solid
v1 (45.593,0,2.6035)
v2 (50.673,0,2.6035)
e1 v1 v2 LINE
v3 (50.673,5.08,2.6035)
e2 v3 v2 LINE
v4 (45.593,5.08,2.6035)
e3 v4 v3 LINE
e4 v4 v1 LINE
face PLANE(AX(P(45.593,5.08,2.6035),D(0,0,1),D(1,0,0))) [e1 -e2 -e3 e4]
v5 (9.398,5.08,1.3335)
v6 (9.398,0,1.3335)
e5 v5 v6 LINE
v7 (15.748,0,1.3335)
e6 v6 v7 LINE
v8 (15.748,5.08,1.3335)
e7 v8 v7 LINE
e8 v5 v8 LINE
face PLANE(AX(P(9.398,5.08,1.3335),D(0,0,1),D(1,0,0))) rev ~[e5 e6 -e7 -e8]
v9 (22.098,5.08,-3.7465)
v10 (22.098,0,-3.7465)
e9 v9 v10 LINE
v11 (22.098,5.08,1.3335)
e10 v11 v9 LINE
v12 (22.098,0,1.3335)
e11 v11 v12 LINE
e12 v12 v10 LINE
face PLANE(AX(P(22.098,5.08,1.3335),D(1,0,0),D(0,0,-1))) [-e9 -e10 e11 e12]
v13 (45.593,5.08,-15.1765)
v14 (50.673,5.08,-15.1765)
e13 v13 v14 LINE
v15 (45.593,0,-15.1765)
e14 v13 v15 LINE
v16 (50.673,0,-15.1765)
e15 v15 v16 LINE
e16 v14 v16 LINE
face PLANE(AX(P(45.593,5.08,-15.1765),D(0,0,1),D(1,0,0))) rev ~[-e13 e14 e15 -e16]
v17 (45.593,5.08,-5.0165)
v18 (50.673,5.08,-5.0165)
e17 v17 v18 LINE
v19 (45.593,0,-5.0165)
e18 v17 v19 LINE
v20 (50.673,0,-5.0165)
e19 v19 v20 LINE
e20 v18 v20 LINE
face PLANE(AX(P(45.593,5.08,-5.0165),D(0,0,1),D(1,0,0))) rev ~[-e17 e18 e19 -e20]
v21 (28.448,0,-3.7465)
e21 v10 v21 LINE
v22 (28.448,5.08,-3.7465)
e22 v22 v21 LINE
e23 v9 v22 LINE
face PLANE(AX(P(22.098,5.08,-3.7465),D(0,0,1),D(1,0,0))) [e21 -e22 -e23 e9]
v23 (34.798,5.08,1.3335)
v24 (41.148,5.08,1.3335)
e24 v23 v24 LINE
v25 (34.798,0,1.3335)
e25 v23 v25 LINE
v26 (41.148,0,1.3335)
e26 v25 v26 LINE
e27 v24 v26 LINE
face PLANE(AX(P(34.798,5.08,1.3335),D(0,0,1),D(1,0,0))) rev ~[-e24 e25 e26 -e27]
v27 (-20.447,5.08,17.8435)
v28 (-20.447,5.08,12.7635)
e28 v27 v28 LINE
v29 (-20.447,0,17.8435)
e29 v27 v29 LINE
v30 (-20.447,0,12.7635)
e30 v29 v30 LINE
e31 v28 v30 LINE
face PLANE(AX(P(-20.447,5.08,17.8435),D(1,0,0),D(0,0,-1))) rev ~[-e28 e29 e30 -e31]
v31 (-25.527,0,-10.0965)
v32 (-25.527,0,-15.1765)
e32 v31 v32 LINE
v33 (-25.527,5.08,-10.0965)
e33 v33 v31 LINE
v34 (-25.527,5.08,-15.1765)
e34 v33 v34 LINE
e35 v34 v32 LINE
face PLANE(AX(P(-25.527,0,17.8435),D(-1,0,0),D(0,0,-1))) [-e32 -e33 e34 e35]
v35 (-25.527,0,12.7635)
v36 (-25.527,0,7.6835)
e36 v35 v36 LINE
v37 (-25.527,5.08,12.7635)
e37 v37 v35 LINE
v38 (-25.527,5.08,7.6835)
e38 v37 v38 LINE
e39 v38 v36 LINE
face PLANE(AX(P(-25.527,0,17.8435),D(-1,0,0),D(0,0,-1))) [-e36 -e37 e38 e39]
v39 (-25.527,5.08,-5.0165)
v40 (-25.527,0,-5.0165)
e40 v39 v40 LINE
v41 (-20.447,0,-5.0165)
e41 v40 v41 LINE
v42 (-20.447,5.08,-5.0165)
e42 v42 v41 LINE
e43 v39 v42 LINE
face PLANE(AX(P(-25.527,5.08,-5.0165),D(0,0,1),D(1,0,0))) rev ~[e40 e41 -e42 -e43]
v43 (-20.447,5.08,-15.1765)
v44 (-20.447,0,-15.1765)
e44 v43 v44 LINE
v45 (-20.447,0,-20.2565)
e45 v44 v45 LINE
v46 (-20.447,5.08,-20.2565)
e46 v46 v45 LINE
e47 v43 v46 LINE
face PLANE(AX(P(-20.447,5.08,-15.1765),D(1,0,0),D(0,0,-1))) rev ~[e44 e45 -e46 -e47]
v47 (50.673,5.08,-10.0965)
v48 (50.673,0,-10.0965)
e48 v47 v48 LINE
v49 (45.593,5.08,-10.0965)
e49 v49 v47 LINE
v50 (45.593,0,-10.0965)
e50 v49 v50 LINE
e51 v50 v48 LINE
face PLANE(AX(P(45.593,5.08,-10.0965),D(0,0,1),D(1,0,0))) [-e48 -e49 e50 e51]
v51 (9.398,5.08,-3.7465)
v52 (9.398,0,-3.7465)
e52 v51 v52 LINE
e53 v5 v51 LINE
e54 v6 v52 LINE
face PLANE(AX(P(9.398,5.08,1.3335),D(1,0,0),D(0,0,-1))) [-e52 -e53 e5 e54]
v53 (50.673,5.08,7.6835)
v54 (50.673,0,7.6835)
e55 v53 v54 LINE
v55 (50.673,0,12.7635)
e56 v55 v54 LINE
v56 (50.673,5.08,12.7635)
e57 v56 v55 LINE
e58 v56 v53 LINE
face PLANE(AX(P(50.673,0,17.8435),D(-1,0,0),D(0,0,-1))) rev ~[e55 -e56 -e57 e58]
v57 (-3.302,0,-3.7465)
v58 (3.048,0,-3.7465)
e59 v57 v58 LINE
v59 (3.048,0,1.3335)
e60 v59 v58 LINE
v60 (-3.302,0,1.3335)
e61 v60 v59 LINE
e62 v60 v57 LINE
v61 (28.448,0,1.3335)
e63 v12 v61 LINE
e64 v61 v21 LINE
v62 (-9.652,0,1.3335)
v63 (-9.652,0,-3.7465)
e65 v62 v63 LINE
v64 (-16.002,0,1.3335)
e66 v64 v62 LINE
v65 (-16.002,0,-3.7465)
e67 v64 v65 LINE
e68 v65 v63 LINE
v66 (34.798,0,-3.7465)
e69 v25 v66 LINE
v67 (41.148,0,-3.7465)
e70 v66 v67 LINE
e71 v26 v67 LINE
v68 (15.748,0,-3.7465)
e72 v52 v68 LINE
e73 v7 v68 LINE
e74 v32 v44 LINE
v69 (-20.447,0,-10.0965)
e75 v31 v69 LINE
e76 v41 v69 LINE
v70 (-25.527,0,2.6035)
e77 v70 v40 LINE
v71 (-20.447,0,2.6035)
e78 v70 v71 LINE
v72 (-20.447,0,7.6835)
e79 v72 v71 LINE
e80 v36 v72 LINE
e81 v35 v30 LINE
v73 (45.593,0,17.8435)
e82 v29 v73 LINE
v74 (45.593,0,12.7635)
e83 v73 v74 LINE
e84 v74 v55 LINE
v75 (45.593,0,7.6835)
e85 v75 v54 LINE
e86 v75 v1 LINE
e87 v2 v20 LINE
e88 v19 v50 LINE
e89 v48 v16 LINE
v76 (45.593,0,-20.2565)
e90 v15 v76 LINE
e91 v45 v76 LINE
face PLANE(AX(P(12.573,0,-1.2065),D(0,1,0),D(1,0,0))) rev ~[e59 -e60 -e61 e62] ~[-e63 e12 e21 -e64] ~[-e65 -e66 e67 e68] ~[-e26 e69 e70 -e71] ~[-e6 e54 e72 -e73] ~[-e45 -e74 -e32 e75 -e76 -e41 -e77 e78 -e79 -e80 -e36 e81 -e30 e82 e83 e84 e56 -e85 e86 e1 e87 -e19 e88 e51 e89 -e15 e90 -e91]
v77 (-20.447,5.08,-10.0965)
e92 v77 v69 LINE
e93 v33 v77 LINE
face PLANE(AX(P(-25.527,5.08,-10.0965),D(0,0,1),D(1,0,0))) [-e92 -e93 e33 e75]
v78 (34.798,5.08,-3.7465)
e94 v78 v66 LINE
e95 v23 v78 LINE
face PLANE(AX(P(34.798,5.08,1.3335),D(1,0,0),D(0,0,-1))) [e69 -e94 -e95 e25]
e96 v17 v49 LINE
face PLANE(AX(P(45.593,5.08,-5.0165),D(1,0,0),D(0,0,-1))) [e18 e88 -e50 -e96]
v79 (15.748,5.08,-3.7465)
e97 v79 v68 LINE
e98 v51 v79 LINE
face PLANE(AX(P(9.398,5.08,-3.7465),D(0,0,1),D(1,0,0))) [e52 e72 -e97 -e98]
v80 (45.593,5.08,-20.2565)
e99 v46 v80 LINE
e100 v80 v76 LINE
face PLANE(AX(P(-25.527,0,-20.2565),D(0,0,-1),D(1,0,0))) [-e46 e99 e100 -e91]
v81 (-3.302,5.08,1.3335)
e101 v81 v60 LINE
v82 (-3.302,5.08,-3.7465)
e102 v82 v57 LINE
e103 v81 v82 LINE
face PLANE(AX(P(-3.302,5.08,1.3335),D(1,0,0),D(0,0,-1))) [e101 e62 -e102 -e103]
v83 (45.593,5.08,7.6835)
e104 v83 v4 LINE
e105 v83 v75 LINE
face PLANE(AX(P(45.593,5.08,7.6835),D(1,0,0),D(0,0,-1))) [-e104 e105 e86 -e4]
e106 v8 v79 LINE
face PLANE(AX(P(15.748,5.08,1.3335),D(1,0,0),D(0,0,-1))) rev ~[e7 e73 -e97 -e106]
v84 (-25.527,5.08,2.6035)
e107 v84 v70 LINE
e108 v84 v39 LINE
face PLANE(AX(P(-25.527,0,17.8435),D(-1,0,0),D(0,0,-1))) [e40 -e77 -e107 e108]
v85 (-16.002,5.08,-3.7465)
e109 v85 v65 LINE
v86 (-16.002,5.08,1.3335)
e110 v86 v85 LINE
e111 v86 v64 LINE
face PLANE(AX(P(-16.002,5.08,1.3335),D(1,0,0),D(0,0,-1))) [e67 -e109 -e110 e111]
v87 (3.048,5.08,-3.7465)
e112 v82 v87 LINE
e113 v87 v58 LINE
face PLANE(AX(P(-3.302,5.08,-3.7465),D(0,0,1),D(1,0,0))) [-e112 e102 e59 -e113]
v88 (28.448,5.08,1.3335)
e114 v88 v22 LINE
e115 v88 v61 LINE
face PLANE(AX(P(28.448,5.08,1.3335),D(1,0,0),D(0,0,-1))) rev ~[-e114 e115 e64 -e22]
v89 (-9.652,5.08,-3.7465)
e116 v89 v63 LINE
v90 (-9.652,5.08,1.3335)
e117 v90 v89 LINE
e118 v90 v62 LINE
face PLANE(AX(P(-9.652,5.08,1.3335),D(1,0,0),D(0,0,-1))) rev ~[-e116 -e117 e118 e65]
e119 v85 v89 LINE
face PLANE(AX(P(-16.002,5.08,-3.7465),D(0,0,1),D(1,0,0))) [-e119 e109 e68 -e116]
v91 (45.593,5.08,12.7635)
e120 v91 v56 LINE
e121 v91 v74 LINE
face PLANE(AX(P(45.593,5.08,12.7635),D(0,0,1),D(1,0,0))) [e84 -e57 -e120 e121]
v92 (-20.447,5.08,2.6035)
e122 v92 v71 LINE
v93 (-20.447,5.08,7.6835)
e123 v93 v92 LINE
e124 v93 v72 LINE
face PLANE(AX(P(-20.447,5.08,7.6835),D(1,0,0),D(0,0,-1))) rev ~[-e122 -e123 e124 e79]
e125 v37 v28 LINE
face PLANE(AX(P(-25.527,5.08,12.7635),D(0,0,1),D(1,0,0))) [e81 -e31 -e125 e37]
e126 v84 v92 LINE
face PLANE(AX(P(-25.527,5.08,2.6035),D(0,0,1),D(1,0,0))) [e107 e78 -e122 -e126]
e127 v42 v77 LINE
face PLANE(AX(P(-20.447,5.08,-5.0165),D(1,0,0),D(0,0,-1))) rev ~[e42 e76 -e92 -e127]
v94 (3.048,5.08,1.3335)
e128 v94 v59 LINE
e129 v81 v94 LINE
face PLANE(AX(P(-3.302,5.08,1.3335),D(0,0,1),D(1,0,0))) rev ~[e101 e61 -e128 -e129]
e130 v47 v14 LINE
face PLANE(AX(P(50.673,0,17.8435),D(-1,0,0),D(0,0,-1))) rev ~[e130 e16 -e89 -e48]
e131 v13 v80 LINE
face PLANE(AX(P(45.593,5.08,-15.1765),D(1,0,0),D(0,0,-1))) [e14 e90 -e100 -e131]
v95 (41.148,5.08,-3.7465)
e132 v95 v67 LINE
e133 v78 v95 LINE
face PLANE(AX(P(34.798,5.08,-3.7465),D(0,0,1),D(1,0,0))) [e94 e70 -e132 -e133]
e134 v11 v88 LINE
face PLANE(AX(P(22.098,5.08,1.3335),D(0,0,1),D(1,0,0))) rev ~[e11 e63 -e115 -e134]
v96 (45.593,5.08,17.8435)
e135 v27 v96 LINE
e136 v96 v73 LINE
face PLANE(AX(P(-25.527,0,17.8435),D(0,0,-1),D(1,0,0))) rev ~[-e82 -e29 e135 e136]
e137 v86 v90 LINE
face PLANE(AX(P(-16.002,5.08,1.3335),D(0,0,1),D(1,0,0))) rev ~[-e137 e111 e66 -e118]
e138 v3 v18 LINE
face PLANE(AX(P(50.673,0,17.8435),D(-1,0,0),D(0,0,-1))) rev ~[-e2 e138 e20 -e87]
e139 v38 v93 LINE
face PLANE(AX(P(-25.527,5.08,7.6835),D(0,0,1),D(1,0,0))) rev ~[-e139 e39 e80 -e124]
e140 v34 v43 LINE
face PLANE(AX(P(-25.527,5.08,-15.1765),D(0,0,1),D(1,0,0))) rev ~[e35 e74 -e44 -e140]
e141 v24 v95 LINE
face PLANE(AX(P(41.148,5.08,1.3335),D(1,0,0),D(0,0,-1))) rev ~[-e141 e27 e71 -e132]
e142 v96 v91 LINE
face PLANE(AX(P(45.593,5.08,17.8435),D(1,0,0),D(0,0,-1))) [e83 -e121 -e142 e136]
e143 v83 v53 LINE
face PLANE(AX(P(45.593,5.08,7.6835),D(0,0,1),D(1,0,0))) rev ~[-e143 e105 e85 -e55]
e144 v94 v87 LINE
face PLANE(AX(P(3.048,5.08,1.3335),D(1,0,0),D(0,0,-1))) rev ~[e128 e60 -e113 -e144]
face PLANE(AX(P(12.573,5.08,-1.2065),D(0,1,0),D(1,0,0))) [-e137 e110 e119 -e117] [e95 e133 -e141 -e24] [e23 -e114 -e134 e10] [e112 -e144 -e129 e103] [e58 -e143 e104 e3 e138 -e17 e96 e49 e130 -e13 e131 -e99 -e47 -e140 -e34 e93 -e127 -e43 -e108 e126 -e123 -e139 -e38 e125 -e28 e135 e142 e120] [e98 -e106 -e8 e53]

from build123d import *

# Parameters (mm, degrees)
SKETCH1_W           = 76.2
SKETCH1_H           = 38.1
BOSS_EXTRUDE1_DEPTH = 5.08
SKETCH2_W           = 5.08
SKETCH2_H           = 5.08
CUT_EXTRUDE1_DEPTH  = 5.08
SKETCH3_W           = 6.35
SKETCH3_H           = 5.08
CUT_EXTRUDE2_DEPTH  = 5.08


with BuildPart() as part:
    # Sketch1 → Boss-Extrude1 (new body)
    with BuildSketch(Plane(origin=(0, 0, 0), x_dir=(1, 0, 0), z_dir=(0, 1, 0))):
        with Locations((12.573, 1.2065)):
            Rectangle(SKETCH1_W, SKETCH1_H)
    extrude(amount=BOSS_EXTRUDE1_DEPTH)

    # Sketch2 → Cut-Extrude1 (cut)
    with BuildSketch(Plane(origin=(0, 5.08, 0), x_dir=(1, 0, 0), z_dir=(0, 1, 0))):
        with Locations((-22.987, -5.1435)):
            Rectangle(SKETCH2_W, SKETCH2_H)
        with Locations((48.133, 17.7165)):
            Rectangle(SKETCH2_W, SKETCH2_H)
        with Locations((48.133, 7.5565)):
            Rectangle(SKETCH2_W, SKETCH2_H)
        with Locations((48.133, -15.3035)):
            Rectangle(SKETCH2_W, SKETCH2_H)
        with Locations((48.133, -5.1435)):
            Rectangle(SKETCH2_W, SKETCH2_H)
        with Locations((-22.987, -15.3035)):
            Rectangle(SKETCH2_W, SKETCH2_H)
        with Locations((-22.987, 7.5565)):
            Rectangle(SKETCH2_W, SKETCH2_H)
        with Locations((-22.987, 17.7165)):
            Rectangle(SKETCH2_W, SKETCH2_H)
    extrude(amount=-CUT_EXTRUDE1_DEPTH, mode=Mode.SUBTRACT)

    # Sketch3 → Cut-Extrude2 (cut)
    with BuildSketch(Plane(origin=(0, 5.08, 0), x_dir=(1, 0, 0), z_dir=(0, 1, 0))):
        with Locations((-12.827, 1.2065)):
            Rectangle(SKETCH3_W, SKETCH3_H)
        with Locations((12.573, 1.2065)):
            Rectangle(SKETCH3_W, SKETCH3_H)
        with Locations((25.273, 1.2065)):
            Rectangle(SKETCH3_W, SKETCH3_H)
        with Locations((37.973, 1.2065)):
            Rectangle(SKETCH3_W, SKETCH3_H)
        with Locations((-0.127, 1.2065)):
            Rectangle(SKETCH3_W, SKETCH3_H)
    extrude(amount=-CUT_EXTRUDE2_DEPTH, mode=Mode.SUBTRACT)


solid = part.part
